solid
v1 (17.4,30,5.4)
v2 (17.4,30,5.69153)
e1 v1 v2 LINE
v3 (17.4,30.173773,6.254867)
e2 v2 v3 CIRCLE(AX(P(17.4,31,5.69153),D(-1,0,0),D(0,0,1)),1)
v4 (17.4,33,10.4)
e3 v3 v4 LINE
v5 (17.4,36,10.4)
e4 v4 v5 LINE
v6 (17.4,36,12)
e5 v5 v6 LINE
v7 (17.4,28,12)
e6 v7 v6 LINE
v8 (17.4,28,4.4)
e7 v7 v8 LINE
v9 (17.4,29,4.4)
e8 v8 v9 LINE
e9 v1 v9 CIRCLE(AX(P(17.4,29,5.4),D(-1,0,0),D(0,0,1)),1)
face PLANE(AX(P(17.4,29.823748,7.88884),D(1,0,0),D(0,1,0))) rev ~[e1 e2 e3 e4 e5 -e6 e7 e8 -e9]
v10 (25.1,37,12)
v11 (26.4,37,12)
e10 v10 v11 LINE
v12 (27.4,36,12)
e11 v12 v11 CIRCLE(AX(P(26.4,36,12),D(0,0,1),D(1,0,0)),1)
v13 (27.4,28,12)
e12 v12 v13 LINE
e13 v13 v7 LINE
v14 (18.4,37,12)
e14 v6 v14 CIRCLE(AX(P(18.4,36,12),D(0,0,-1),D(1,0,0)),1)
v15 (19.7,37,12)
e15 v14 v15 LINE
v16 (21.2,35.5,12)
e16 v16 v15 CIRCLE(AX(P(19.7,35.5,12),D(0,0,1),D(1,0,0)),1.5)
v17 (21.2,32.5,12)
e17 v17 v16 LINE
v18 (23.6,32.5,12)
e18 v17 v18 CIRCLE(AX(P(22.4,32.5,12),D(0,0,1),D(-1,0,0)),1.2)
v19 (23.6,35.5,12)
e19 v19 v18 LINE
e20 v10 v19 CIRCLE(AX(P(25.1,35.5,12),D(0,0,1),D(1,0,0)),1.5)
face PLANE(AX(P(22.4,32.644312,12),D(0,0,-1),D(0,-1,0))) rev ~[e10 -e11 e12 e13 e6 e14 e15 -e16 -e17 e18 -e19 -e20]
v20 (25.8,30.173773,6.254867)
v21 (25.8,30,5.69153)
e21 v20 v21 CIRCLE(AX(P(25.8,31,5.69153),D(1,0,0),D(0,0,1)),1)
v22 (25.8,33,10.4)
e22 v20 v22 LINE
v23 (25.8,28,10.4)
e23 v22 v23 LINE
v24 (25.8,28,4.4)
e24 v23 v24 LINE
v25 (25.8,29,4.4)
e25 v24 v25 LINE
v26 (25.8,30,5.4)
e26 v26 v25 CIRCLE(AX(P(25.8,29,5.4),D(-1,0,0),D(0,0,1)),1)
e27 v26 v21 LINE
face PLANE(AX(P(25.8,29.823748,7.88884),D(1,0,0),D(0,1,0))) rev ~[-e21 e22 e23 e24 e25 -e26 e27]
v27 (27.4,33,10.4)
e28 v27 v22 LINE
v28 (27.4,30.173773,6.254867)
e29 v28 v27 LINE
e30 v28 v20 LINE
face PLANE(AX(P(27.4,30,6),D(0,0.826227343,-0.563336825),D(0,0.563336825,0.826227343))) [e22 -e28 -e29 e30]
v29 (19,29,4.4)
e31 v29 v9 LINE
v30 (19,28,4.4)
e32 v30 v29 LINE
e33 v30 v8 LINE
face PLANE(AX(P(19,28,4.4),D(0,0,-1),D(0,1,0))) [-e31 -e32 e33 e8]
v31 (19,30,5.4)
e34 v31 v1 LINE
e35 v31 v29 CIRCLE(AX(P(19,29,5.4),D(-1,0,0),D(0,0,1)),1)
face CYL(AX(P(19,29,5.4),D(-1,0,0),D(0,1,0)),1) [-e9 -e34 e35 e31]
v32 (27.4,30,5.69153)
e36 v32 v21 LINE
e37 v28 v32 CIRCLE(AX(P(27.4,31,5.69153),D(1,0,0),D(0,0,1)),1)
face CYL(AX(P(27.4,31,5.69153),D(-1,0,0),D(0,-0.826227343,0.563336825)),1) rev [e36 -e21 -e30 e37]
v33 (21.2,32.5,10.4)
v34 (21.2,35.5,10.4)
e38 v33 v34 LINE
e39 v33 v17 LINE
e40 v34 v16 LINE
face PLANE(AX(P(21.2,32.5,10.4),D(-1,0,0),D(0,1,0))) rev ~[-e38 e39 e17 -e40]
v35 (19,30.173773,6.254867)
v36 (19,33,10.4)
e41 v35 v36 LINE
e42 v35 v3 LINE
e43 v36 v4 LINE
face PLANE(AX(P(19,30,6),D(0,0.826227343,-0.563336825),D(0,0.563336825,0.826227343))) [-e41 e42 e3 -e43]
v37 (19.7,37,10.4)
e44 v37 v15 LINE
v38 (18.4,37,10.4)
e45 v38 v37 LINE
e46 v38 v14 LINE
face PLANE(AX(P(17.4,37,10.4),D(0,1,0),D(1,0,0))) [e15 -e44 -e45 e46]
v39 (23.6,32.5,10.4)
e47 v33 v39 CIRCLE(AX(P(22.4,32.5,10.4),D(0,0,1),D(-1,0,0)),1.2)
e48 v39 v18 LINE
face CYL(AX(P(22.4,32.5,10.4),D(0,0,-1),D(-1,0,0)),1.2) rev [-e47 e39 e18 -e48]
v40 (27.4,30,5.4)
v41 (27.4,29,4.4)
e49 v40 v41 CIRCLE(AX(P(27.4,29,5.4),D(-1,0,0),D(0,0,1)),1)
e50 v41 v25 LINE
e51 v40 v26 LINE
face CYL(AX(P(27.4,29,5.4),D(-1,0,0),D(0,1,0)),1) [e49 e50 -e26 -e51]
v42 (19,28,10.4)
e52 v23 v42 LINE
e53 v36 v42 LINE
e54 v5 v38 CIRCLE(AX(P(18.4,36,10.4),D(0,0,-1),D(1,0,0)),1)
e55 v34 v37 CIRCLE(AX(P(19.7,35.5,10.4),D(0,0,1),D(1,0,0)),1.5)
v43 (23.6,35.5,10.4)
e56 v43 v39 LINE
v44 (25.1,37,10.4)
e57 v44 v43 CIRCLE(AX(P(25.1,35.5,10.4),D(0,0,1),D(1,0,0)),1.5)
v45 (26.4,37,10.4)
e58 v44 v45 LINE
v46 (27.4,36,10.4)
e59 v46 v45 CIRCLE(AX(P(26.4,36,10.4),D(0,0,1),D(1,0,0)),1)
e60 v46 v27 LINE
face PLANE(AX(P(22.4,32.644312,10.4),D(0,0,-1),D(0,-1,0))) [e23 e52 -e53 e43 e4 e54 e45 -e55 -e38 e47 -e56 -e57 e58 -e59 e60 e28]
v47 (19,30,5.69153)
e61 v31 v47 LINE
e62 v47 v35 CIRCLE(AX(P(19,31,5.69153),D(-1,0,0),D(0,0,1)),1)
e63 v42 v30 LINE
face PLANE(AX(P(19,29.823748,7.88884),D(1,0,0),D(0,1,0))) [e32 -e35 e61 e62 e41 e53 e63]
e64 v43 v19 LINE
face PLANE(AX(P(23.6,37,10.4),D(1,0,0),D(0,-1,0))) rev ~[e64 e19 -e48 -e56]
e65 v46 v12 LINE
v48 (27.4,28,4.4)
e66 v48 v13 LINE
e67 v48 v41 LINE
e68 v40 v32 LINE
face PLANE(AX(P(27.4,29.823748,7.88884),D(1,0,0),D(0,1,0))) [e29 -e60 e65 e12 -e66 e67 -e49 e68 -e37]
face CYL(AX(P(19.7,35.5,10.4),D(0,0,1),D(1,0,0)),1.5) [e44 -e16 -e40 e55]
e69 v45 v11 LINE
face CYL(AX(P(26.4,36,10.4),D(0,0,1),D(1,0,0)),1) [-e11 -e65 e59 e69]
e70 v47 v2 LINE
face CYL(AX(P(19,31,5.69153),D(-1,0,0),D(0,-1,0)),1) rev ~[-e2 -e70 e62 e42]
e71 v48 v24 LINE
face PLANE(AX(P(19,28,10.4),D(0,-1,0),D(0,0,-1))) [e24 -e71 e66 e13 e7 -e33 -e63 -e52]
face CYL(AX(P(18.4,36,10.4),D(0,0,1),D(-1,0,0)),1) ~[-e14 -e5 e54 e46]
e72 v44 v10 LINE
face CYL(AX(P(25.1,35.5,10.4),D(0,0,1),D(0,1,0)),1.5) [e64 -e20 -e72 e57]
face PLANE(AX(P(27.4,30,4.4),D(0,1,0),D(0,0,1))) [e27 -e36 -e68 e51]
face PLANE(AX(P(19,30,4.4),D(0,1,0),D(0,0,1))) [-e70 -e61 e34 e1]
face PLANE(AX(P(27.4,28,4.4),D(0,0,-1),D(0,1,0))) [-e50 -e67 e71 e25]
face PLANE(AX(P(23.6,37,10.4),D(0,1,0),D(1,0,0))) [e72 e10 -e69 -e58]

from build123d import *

# Parameters (mm, degrees)
PAD004_DEPTH            = 1.6
PAD005_DEPTH            = 1.6
LINEARPATTERN001_COUNT  = 2
LINEARPATTERN001_PITCH  = 8.4
FILLET004_R             = 1
FILLET005_R             = 1
FILLET006_R             = 1
FILLET007_R             = 1.5
BODY002_PLACEMENT_ANGLE = 90


with BuildPart() as part:
    # Sketch006 → Pad004 (new body)
    with BuildSketch(Plane.XY):
        with BuildLine():
            Line((-4.5, 5), (4.5, 5))
            Line((4.5, 5), (4.5, 1.2))
            Line((0, 1.2), (4.5, 1.2))
            ThreePointArc((0, 1.2), (-1.2, 0), (0, -1.2))
            Line((4.5, -1.2), (0, -1.2))
            Line((4.5, -1.2), (4.5, -5))
            Line((4.5, -5), (-4.5, -5))
            Line((-4.5, -5), (-4.5, 5))
        make_face()
    extrude(amount=PAD004_DEPTH)

    # Sketch007 (on DatumPlane) → Pad005 (join)
    with BuildSketch(Plane.XZ.offset(5)):
        Polygon((-4.5, 0), (-4.5, -6), (-2.5, -6), (-2.5, -4.4), (0.5, 0), align=None)
    pad005 = extrude(amount=-PAD005_DEPTH)

    # LinearPattern001: Pad005 ×2
    with Locations(*[(0, i * LINEARPATTERN001_PITCH, 0) for i in range(1, LINEARPATTERN001_COUNT)]):
        add(pad005)

    # Fillet004
    fillet004_edges = [part.edges().sort_by_distance(p)[0] for p in [
        (-2.5, -4.2, -6),
        (-2.5, 4.2, -6),
    ]]
    fillet(fillet004_edges, radius=FILLET004_R)

    # Fillet005
    fillet005_edges = [part.edges().sort_by_distance(p)[0] for p in [
        (-2.5, -4.2, -4.4),
        (-2.5, 4.2, -4.4),
    ]]
    fillet(fillet005_edges, radius=FILLET005_R)

    # Fillet006
    fillet006_edges = [part.edges().sort_by_distance(p)[0] for p in [
        (4.5, -5, 0.8),
        (4.5, 5, 0.8),
    ]]
    fillet(fillet006_edges, radius=FILLET006_R)

    # Fillet007
    fillet007_edges = [part.edges().sort_by_distance(p)[0] for p in [
        (4.5, -1.2, 0.8),
        (4.5, 1.2, 0.8),
    ]]
    fillet(fillet007_edges, radius=FILLET007_R)


with BuildPart() as part_1:
    # Body002 placement: moved
    add(part.part.moved(Location((22.4, 32.5, 10.4))).rotate(Axis((22.4, 32.5, 10.4), (0, 0, 1)), BODY002_PLACEMENT_ANGLE))


solid = part_1.part
